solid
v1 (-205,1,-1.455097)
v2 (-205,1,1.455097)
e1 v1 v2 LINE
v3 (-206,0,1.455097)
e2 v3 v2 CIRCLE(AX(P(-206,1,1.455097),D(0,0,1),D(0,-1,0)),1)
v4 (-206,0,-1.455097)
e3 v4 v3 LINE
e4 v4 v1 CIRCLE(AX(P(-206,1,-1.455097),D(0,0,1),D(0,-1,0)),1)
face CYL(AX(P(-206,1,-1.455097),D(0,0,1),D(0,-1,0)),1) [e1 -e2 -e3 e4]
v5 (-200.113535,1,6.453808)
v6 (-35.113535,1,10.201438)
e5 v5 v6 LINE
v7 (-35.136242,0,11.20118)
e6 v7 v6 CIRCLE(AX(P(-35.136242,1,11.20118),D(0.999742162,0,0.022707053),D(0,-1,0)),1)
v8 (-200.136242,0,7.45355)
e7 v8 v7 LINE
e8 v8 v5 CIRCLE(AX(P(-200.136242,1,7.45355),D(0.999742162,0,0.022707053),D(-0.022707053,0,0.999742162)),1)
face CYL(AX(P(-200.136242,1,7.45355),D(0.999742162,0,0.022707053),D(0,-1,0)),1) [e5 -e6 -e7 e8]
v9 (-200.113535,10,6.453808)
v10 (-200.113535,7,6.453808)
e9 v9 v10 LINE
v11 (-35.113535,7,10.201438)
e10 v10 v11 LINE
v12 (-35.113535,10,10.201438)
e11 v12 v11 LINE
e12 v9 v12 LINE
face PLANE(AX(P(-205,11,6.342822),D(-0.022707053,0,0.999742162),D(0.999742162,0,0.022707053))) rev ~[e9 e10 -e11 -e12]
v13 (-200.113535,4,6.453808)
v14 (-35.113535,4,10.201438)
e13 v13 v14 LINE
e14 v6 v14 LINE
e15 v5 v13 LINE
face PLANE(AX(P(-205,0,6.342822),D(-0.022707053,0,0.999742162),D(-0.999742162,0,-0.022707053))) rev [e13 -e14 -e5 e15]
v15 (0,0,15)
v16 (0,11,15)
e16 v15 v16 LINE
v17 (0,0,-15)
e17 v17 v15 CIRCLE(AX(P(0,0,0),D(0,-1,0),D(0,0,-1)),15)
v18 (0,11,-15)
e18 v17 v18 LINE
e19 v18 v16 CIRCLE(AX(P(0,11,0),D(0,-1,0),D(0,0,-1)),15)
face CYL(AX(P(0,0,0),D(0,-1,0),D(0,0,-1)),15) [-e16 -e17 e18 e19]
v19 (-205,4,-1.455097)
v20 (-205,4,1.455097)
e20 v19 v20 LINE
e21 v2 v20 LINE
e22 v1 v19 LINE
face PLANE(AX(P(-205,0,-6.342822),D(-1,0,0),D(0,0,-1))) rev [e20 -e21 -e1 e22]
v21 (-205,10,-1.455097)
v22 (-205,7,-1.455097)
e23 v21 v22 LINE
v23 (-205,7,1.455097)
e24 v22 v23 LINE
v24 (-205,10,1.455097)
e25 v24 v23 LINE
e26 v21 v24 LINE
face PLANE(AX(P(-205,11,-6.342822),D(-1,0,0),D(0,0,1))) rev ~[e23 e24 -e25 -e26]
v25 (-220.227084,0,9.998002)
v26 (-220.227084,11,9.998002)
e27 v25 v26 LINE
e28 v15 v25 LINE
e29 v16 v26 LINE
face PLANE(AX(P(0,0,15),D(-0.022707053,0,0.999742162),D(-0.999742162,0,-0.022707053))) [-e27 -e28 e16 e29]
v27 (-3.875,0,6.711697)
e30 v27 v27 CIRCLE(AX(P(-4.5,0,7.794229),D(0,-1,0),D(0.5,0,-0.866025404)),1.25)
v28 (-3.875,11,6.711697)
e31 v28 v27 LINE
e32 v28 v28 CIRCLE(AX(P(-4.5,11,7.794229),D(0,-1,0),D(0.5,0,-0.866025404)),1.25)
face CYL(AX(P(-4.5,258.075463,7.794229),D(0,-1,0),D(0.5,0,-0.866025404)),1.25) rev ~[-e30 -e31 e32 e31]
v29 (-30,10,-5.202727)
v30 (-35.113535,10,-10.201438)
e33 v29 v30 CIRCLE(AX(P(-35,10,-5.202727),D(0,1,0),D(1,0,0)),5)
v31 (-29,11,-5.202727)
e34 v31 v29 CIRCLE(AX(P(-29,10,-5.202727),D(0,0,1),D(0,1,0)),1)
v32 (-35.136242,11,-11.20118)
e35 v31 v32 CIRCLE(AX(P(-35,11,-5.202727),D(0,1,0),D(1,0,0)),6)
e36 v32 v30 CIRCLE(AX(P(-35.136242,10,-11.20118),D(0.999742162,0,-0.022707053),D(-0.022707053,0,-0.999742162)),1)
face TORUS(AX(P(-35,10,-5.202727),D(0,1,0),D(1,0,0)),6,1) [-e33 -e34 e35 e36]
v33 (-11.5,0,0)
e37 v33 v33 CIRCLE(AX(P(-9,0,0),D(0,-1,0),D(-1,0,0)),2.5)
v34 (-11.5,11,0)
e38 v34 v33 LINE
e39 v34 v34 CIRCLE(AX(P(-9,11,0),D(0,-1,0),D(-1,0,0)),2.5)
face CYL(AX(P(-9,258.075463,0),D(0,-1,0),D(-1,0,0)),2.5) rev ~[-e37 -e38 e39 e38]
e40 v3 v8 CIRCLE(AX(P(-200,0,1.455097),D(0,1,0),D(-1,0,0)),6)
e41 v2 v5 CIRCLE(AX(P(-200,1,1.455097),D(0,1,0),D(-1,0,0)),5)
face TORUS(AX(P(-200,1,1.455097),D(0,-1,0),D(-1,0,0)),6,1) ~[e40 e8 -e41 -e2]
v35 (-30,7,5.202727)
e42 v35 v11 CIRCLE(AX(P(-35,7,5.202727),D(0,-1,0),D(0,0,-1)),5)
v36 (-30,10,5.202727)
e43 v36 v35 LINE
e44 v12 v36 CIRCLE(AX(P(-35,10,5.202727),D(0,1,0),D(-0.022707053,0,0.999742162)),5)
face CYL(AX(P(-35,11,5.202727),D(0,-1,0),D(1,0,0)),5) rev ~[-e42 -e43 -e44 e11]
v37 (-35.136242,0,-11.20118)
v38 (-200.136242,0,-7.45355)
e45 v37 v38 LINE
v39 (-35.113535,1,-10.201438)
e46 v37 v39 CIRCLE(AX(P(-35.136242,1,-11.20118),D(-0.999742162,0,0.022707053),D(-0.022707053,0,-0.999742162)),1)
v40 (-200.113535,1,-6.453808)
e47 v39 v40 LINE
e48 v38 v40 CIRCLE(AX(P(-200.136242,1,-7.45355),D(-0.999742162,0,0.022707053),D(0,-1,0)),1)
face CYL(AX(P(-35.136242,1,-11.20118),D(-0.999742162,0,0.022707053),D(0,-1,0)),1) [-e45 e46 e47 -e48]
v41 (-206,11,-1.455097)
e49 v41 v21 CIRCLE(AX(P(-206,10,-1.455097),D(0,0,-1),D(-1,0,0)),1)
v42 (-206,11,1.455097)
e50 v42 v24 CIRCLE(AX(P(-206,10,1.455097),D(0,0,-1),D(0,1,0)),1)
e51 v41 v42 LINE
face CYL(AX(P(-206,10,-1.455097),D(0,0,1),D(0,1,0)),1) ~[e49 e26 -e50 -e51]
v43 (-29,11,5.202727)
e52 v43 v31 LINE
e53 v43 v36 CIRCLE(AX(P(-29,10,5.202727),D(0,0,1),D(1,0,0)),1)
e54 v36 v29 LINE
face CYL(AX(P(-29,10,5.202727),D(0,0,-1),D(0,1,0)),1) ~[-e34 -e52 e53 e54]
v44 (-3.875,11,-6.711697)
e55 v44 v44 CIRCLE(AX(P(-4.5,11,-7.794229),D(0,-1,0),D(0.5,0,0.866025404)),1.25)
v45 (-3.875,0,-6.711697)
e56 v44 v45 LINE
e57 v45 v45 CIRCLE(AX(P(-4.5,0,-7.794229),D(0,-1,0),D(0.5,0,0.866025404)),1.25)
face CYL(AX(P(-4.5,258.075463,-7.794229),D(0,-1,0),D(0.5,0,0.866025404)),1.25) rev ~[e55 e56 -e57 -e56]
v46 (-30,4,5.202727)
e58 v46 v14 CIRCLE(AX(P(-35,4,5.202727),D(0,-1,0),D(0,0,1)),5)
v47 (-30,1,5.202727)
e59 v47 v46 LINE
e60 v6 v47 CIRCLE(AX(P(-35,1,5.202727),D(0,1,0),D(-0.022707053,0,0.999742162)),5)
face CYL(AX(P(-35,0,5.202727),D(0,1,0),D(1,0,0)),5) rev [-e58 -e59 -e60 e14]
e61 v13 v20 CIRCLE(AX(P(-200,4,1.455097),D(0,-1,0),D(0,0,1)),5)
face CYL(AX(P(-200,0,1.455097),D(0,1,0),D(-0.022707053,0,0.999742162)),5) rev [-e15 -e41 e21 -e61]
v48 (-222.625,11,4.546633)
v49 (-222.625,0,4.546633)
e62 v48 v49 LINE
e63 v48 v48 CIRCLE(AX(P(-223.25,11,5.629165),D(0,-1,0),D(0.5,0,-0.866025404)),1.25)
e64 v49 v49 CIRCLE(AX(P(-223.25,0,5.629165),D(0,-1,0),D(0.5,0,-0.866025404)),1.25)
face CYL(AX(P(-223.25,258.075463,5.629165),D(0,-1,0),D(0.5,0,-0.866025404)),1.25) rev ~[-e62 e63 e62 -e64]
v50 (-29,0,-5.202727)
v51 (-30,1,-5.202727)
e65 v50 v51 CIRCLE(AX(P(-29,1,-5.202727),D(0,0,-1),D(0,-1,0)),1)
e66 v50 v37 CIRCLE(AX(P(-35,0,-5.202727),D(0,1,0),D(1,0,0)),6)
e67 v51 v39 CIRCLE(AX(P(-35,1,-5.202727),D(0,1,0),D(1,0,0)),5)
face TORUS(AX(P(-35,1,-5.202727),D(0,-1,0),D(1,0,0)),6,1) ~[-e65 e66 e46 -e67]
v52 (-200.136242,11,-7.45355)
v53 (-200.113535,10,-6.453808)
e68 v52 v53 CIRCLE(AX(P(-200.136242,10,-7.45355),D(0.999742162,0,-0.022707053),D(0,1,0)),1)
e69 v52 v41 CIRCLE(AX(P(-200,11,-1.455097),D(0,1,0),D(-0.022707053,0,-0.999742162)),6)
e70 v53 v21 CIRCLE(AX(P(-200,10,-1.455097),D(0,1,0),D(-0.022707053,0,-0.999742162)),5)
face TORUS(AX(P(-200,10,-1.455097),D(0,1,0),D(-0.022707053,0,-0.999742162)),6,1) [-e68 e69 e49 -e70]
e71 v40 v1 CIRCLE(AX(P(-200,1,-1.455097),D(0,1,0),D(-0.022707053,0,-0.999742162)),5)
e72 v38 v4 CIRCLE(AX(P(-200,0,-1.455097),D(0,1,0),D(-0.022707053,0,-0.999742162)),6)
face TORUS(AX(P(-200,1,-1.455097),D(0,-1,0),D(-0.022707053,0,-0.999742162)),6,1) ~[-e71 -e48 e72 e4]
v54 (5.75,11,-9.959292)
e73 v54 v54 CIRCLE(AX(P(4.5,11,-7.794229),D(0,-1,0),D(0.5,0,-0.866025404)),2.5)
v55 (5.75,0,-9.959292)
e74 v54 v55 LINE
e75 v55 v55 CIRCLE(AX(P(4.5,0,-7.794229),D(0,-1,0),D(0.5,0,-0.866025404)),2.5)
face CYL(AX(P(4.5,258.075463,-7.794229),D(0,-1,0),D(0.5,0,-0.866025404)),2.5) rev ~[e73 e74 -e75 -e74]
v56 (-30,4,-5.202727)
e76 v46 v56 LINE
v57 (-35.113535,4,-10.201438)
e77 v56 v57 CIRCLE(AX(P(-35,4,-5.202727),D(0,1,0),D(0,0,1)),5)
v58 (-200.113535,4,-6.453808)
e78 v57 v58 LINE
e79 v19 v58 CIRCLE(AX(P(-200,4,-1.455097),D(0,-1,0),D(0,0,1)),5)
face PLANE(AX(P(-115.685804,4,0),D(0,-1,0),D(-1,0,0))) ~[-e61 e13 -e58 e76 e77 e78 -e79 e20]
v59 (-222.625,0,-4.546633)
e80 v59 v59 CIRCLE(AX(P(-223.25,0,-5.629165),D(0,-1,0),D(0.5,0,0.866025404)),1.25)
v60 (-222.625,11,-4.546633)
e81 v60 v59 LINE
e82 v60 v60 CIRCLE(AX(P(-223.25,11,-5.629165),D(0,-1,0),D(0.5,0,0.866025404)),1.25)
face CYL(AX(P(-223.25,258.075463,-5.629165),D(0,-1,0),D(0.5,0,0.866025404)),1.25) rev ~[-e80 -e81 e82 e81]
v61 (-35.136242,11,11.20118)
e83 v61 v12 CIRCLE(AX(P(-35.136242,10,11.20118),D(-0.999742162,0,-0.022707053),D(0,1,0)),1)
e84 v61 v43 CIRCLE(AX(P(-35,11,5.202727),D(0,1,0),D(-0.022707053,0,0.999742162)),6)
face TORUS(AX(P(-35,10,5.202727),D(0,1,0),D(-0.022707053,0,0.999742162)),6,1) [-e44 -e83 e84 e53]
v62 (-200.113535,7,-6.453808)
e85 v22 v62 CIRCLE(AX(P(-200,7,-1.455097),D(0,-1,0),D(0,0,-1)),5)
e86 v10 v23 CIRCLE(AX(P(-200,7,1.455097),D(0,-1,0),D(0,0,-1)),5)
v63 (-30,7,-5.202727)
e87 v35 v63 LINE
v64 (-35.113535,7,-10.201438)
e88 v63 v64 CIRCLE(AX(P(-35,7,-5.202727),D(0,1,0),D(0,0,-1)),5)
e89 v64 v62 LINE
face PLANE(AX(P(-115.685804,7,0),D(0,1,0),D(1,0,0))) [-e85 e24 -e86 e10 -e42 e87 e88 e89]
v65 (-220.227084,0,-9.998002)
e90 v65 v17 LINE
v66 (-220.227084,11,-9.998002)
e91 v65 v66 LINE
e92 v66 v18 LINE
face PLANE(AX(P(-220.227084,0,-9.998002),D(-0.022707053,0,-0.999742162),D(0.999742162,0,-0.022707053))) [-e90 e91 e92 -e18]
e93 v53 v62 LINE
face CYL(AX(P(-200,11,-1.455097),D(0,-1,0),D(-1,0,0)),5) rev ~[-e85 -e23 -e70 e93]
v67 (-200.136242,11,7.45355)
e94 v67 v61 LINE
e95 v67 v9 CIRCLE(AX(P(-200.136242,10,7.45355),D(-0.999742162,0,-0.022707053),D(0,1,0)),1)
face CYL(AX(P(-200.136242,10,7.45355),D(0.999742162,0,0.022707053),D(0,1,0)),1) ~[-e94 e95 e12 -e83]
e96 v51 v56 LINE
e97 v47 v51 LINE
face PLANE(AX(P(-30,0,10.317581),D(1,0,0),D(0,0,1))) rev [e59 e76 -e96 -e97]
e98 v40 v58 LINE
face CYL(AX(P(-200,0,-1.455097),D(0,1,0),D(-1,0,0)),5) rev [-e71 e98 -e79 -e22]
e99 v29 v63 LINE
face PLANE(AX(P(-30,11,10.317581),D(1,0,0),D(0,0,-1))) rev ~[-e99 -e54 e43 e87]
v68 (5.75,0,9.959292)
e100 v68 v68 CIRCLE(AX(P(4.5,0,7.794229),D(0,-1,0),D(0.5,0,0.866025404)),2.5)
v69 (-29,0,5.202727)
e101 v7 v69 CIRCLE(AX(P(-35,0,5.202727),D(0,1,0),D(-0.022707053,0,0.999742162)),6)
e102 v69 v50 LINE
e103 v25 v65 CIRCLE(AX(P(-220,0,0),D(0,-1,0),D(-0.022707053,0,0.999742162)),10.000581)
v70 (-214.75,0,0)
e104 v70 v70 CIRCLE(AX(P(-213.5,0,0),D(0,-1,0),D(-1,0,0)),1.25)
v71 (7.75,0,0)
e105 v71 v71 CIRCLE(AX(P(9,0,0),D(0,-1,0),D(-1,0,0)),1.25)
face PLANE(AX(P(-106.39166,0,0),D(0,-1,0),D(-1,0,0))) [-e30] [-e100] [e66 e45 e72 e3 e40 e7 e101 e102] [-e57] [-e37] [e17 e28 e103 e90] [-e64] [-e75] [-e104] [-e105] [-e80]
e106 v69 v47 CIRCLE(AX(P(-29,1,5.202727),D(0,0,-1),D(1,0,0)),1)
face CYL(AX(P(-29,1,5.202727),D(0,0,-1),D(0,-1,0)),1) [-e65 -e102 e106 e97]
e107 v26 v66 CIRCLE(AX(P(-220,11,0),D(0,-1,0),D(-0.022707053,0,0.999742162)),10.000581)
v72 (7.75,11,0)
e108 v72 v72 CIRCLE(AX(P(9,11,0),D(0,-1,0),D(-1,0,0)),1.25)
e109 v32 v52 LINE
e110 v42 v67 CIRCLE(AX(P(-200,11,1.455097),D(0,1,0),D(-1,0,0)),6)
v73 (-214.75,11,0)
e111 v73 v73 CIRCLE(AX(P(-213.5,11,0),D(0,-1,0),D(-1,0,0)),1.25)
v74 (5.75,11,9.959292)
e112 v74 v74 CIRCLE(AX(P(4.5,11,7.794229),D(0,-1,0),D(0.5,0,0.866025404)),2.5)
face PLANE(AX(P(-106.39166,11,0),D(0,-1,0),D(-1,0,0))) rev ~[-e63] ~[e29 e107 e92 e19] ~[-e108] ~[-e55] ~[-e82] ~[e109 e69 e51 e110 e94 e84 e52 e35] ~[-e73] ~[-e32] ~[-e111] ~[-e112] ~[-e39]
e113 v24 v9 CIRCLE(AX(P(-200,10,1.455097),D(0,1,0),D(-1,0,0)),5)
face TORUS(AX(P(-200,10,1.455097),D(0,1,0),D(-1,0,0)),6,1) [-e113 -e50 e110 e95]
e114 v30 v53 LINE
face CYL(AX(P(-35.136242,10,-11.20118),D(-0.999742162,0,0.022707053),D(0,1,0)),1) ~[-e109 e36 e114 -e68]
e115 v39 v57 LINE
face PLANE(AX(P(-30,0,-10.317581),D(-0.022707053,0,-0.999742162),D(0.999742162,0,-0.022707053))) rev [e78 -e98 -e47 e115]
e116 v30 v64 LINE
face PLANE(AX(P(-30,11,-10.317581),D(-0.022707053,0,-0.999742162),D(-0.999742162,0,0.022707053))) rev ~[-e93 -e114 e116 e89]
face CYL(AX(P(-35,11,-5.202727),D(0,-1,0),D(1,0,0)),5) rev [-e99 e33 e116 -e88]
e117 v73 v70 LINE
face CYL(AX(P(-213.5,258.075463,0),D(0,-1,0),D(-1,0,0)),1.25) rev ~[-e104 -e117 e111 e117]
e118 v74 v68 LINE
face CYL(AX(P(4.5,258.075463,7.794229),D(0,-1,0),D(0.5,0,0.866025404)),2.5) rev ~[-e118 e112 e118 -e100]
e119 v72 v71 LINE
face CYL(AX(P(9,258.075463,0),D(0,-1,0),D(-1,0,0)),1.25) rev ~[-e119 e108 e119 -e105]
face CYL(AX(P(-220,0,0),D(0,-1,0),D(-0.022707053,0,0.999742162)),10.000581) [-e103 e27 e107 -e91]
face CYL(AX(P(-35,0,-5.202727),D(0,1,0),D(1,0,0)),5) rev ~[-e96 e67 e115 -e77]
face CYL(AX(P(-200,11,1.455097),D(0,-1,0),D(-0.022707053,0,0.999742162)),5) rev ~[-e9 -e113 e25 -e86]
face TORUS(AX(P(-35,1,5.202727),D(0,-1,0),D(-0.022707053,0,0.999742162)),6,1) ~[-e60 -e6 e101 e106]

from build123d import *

# Parameters (mm, degrees)
EXTRUDE_2_DEPTH          = 11
HOLE_WIZARD_M3_1_D       = 2.5
PATTERN_CIRCULAR_2_COUNT = 3
HOLE_WIZARD_M3_2_D       = 2.5
PATTERN_CIRCULAR_4_COUNT = 3
F_5_0MM_2_D              = 5
PATTERN_CIRCULAR_5_COUNT = 3
CUT_EXTRUDE_1_DEPTH      = 4
FILLET_2_R               = 5
FILLET_4_R               = 5
FILLET_5_R               = 1
FILLET_6_R               = 1


with BuildPart() as part:
    # 스케치1 → 보스-돌출2 (new body)
    with BuildSketch(Plane(origin=(0, 0, 0), x_dir=(1, 0, 0), z_dir=(0, 1, 0))):
        with BuildLine():
            Line((0, -15), (-220.227083718, -9.998002197))
            ThreePointArc((-220.227083718, -9.998002197), (-230.000580731, 0), (-220.227083718, 9.998002197))
            Line((-220.227083718, 9.998002197), (0, 15))
            ThreePointArc((0, 15), (15, 0), (0, -15))
        make_face()
    extrude(amount=EXTRUDE_2_DEPTH)

    # M3 탭을 위한 탭 드릴1 (through all)
    with Locations(Plane(origin=(0, 11, 0), x_dir=(1, 0, 0), z_dir=(0, 1, 0))):
        with Locations((9, 0)):
            hole_wizard_m3_1 = Hole(HOLE_WIZARD_M3_1_D / 2)

    # 원형 패턴2: M3 탭을 위한 탭 드릴1 ×3 about axis
    pattern_circular_2_axis = Axis((0, 0, 0), (0, 1, 0))
    for i in range(1, PATTERN_CIRCULAR_2_COUNT):
        add(hole_wizard_m3_1.rotate(pattern_circular_2_axis, i * 360 / PATTERN_CIRCULAR_2_COUNT), mode=Mode.SUBTRACT)

    # M3 탭을 위한 탭 드릴2 (through all)
    with Locations(Plane(origin=(0, 11, 0), x_dir=(1, 0, 0), z_dir=(0, 1, 0))):
        with Locations((-213.5, 0)):
            hole_wizard_m3_2 = Hole(HOLE_WIZARD_M3_2_D / 2)

    # 원형 패턴4: M3 탭을 위한 탭 드릴2 ×3 about axis
    pattern_circular_4_axis = Axis((-220, 0, 0), (0, 1, 0))
    for i in range(1, PATTERN_CIRCULAR_4_COUNT):
        add(hole_wizard_m3_2.rotate(pattern_circular_4_axis, i * 360 / PATTERN_CIRCULAR_4_COUNT), mode=Mode.SUBTRACT)

    # Ø5.0mm 맞춤핀 구멍2 (through all)
    with Locations(Plane(origin=(0, 11, 0), x_dir=(1, 0, 0), z_dir=(0, 1, 0))):
        with Locations((-9, 0)):
            f_5_0mm_2 = Hole(F_5_0MM_2_D / 2)

    # 원형 패턴5: Ø5.0mm 맞춤핀 구멍2 ×3 about axis
    pattern_circular_5_axis = Axis((0, 0, 0), (0, 1, 0))
    for i in range(1, PATTERN_CIRCULAR_5_COUNT):
        add(f_5_0mm_2.rotate(pattern_circular_5_axis, i * 360 / PATTERN_CIRCULAR_5_COUNT), mode=Mode.SUBTRACT)

    # 스케치26 → 컷-돌출1 (cut)
    with BuildSketch(Plane(origin=(0, 11, 0), x_dir=(1, 0, 0), z_dir=(0, 1, 0))):
        Polygon((-30, 10.317581098), (-205, 6.342821951), (-205, -6.342821951), (-30, -10.317581098), align=None)
    cut_extrude_1 = extrude(amount=-CUT_EXTRUDE_1_DEPTH, mode=Mode.SUBTRACT)

    # 필렛2
    fillet_2_edges = [part.edges().sort_by_distance(p)[0] for p in [
        (-30, 9, -10.317581098),
        (-30, 9, 10.317581098),
        (-205, 9, 6.342821951),
        (-205, 9, -6.342821951),
    ]]
    fillet(fillet_2_edges, radius=FILLET_2_R)

    # 대칭 복사4: 컷-돌출1 across plane
    add(cut_extrude_1.mirror(Plane.ZX.offset(5.5)), mode=Mode.SUBTRACT)

    # 필렛4
    fillet_4_edges = [part.edges().sort_by_distance(p)[0] for p in [
        (-30, 2, 10.317581098),
        (-30, 2, -10.317581098),
        (-205, 2, -6.342821951),
        (-205, 2, 6.342821951),
    ]]
    fillet(fillet_4_edges, radius=FILLET_4_R)

    # 필렛5
    fillet_5_edges = [part.edges().sort_by_distance(p)[0] for p in [
        (-205, 0, 0),
        (-117.613535266, 0, 8.327622808),
        (-117.613535266, 0, -8.327622808),
        (-30, 0, 0),
        (-203.575449365, 0, 4.950259607),
        (-203.575449365, 0, -4.950259607),
        (-31.504837366, 0, 8.778176392),
        (-31.504837366, 0, -8.778176392),
    ]]
    fillet(fillet_5_edges, radius=FILLET_5_R)

    # 필렛6
    fillet_6_edges = [part.edges().sort_by_distance(p)[0] for p in [
        (-117.613535266, 11, 8.327622808),
        (-205, 11, 0),
        (-117.613535266, 11, -8.327622808),
        (-30, 11, 0),
        (-203.575449365, 11, 4.950259607),
        (-203.575449365, 11, -4.950259607),
        (-31.504837366, 11, 8.778176392),
        (-31.504837366, 11, -8.778176392),
    ]]
    fillet(fillet_6_edges, radius=FILLET_6_R)


solid = part.part
